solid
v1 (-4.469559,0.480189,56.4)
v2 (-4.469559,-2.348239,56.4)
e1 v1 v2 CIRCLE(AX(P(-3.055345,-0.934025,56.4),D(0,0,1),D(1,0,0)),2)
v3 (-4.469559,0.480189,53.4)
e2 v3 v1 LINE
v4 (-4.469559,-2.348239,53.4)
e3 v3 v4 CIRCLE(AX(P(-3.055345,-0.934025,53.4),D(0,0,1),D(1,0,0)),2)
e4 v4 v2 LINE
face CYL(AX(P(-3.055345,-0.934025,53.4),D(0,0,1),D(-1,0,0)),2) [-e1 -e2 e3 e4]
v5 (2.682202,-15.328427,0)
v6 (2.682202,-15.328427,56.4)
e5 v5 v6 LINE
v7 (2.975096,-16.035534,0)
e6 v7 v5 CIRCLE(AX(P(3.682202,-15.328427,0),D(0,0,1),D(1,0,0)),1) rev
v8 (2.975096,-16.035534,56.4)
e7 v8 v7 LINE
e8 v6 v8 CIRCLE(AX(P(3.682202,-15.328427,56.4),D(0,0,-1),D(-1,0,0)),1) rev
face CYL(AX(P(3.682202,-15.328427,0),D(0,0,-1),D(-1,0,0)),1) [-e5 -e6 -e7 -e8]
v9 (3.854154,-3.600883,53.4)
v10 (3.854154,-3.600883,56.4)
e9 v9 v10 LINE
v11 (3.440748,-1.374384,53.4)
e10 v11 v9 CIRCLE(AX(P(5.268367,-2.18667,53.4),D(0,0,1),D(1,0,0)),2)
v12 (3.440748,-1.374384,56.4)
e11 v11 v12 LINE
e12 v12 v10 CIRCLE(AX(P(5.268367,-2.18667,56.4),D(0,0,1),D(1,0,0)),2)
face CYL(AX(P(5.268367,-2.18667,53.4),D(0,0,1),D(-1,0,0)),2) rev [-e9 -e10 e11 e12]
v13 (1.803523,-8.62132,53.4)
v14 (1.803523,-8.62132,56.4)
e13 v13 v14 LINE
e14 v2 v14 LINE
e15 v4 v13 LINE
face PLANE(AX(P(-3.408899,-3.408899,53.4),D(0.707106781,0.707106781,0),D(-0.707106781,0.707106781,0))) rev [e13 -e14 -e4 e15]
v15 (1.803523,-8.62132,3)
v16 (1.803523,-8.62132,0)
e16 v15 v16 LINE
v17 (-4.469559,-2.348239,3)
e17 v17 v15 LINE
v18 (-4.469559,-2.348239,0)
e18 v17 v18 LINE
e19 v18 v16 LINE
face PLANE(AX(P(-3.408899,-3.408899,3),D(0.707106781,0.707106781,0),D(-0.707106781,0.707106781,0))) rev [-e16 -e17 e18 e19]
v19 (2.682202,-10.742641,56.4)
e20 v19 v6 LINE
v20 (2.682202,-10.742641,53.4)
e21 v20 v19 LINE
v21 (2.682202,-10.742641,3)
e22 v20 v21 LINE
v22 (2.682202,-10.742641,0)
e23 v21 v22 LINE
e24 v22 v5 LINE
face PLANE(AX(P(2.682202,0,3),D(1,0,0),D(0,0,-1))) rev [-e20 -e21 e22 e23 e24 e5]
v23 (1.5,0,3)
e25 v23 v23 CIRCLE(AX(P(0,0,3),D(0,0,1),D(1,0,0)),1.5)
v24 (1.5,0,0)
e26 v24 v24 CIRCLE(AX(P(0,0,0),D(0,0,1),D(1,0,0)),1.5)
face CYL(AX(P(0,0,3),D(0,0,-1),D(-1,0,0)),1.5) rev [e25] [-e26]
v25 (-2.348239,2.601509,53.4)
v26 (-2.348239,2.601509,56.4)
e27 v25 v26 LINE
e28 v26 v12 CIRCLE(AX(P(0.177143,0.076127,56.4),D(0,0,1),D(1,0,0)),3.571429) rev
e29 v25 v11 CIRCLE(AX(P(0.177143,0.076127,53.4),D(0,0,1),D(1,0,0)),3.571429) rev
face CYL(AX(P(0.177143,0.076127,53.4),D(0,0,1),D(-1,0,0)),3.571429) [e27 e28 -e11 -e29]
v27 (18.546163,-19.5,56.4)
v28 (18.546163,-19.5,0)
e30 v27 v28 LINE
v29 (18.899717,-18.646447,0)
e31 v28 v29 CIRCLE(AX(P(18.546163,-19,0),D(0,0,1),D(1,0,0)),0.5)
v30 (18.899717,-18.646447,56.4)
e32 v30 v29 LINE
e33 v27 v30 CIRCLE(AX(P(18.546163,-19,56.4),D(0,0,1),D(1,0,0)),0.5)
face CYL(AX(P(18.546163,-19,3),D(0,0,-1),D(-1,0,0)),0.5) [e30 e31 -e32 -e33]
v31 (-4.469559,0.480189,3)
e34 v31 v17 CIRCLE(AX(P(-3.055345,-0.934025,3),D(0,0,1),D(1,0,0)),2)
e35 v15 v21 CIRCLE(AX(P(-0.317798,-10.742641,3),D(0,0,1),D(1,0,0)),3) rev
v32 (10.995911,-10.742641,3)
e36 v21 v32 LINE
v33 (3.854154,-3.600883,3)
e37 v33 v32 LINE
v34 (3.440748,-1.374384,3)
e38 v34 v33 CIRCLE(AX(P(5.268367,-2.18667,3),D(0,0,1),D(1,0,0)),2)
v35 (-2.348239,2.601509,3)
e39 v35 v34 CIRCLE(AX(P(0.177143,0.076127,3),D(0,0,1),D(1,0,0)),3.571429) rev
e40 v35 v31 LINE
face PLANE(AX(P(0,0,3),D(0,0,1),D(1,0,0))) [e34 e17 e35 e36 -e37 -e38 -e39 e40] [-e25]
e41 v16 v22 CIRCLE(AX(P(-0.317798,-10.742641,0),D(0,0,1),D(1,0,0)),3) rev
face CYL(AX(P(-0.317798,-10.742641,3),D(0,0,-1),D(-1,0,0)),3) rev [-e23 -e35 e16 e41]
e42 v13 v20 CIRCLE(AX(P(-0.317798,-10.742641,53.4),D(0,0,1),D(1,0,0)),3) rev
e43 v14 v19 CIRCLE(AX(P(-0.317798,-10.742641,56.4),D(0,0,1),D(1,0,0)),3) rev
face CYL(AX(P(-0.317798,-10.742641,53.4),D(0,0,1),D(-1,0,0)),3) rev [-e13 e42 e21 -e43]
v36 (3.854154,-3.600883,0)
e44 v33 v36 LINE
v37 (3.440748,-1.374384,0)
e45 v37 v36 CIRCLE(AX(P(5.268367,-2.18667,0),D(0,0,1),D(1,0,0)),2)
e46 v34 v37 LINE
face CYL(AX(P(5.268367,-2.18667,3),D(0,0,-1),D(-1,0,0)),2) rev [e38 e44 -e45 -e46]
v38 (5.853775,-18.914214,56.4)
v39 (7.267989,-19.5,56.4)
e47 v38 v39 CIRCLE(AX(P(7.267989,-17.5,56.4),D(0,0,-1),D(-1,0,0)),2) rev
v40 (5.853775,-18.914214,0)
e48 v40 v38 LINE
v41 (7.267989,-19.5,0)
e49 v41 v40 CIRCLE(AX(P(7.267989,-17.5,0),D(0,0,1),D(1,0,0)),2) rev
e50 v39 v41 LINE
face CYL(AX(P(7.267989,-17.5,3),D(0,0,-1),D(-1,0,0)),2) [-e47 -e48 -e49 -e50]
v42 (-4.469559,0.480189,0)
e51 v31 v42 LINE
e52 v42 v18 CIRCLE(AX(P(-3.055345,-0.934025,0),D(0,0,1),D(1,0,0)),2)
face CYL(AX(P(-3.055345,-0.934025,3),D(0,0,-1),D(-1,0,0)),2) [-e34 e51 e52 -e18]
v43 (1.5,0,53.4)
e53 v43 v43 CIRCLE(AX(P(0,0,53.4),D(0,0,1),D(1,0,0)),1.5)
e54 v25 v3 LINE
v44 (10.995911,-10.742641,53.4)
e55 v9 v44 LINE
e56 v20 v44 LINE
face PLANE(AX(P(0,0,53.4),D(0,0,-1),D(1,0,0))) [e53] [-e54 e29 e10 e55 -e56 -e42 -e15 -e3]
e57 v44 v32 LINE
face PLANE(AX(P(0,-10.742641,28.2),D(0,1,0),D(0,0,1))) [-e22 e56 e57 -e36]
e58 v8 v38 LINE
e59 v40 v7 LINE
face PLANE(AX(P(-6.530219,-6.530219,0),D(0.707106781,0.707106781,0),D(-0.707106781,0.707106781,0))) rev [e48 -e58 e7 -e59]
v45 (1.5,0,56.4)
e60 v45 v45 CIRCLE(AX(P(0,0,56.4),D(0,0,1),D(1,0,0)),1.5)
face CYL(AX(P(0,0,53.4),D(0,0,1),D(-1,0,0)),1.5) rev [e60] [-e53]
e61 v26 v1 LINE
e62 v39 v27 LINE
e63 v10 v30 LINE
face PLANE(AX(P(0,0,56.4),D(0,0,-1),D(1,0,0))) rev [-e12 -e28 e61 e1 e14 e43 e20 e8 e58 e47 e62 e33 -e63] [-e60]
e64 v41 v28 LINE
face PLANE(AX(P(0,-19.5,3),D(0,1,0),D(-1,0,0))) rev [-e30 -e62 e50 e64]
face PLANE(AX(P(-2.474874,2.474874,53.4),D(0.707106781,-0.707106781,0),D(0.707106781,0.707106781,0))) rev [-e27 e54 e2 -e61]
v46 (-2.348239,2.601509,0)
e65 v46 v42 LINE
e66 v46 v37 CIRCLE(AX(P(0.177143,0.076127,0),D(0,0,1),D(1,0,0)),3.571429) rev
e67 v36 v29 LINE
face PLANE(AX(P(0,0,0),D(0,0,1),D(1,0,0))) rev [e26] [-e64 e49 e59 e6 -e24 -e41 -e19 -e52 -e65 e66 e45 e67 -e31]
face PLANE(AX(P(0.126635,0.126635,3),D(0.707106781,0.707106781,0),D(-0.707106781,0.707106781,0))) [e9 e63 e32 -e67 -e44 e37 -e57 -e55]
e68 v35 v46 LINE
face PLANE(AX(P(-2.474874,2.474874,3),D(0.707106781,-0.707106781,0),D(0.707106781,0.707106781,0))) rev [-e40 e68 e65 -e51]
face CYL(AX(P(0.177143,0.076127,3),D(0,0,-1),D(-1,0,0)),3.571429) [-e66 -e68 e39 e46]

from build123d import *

# Parameters (mm, degrees)
SKETCH1_R           = 1.5
BOSS_EXTRUDE1_DEPTH = 3
BOSS_EXTRUDE2_DEPTH = 25.2
SKETCH6_W           = 57.536590271
SKETCH6_H           = 9.11547301
CUT_EXTRUDE1_DEPTH  = 64.271846515
FILLET1_R           = 2
FILLET2_R           = 1


with BuildPart() as part:
    # Sketch1 → Boss-Extrude1 (new body)
    with BuildSketch(Plane.XY):
        with BuildLine():
            Line((3.68220241, -19.5), (18.54616344, -19.5))
            ThreePointArc((18.54616344, -19.5), (19.008103207, -19.191341716), (18.899716831, -18.646446609))
            Line((18.899716831, -18.646446609), (3.854153503, -3.600883281))
            ThreePointArc((3.854153503, -3.600883281), (3.30197574, -2.551779506), (3.440748076, -1.374383543))
            ThreePointArc((3.440748076, -1.374383543), (2.199066013, 3.02009221), (-2.348238623, 2.601508845))
            Line((-2.348238623, 2.601508845), (-4.469558967, 0.480188501))
            ThreePointArc((-4.469558967, 0.480188501), (-5.055345405, -0.934025061), (-4.469558967, -2.348238623))
            Line((-4.469558967, -2.348238623), (1.803522753, -8.621320344))
            ThreePointArc((1.803522753, -8.621320344), (2.453841007, -9.59459039), (2.68220241, -10.742640687))
            Line((2.68220241, -10.742640687), (2.68220241, -18.5))
            ThreePointArc((2.68220241, -18.5), (2.975095629, -19.207106781), (3.68220241, -19.5))
        make_face()
        Circle(SKETCH1_R, mode=Mode.SUBTRACT)
    boss_extrude1 = extrude(amount=BOSS_EXTRUDE1_DEPTH)

    # Sketch2 → Boss-Extrude2 (add)
    with BuildSketch(Plane.XY.offset(3)):
        with BuildLine():
            Line((18.899716831, -18.646446609), (10.995910909, -10.742640687))
            Line((10.995910909, -10.742640687), (2.68220241, -10.742640687))
            Line((2.68220241, -10.742640687), (2.68220241, -18.5))
            ThreePointArc((2.68220241, -18.5), (2.975095629, -19.207106781), (3.68220241, -19.5))
            Line((3.68220241, -19.5), (18.54616344, -19.5))
            ThreePointArc((18.54616344, -19.5), (19.008103207, -19.191341716), (18.899716831, -18.646446609))
        make_face()
    boss_extrude2 = extrude(amount=BOSS_EXTRUDE2_DEPTH)

    # Mirror1: Boss-Extrude1, Boss-Extrude2 across plane
    add(boss_extrude1.mirror(Plane.XY.offset(28.2)))
    add(boss_extrude2.mirror(Plane.XY.offset(28.2)))

    # Sketch6 → Cut-Extrude1 (cut, through all)
    with BuildSketch(Plane(origin=(-6.530219139, -6.530219139, 0), x_dir=(0, 0, 1), z_dir=(-0.7071067811865487, -0.7071067811865465, 0))):
        with Locations((27.631704865, -17.586068001)):
            Rectangle(SKETCH6_W, SKETCH6_H)
    extrude(amount=CUT_EXTRUDE1_DEPTH, mode=Mode.SUBTRACT)

    # Fillet1
    fillet1_edges = [part.edges().sort_by_distance(p)[0] for p in [
        (6.439561723, -19.5, 28.2),
    ]]
    fillet(fillet1_edges, radius=FILLET1_R)

    # Fillet2
    fillet2_edges = [part.edges().sort_by_distance(p)[0] for p in [
        (2.68220241, -15.742640687, 28.2),
    ]]
    fillet(fillet2_edges, radius=FILLET2_R)


solid = part.part
